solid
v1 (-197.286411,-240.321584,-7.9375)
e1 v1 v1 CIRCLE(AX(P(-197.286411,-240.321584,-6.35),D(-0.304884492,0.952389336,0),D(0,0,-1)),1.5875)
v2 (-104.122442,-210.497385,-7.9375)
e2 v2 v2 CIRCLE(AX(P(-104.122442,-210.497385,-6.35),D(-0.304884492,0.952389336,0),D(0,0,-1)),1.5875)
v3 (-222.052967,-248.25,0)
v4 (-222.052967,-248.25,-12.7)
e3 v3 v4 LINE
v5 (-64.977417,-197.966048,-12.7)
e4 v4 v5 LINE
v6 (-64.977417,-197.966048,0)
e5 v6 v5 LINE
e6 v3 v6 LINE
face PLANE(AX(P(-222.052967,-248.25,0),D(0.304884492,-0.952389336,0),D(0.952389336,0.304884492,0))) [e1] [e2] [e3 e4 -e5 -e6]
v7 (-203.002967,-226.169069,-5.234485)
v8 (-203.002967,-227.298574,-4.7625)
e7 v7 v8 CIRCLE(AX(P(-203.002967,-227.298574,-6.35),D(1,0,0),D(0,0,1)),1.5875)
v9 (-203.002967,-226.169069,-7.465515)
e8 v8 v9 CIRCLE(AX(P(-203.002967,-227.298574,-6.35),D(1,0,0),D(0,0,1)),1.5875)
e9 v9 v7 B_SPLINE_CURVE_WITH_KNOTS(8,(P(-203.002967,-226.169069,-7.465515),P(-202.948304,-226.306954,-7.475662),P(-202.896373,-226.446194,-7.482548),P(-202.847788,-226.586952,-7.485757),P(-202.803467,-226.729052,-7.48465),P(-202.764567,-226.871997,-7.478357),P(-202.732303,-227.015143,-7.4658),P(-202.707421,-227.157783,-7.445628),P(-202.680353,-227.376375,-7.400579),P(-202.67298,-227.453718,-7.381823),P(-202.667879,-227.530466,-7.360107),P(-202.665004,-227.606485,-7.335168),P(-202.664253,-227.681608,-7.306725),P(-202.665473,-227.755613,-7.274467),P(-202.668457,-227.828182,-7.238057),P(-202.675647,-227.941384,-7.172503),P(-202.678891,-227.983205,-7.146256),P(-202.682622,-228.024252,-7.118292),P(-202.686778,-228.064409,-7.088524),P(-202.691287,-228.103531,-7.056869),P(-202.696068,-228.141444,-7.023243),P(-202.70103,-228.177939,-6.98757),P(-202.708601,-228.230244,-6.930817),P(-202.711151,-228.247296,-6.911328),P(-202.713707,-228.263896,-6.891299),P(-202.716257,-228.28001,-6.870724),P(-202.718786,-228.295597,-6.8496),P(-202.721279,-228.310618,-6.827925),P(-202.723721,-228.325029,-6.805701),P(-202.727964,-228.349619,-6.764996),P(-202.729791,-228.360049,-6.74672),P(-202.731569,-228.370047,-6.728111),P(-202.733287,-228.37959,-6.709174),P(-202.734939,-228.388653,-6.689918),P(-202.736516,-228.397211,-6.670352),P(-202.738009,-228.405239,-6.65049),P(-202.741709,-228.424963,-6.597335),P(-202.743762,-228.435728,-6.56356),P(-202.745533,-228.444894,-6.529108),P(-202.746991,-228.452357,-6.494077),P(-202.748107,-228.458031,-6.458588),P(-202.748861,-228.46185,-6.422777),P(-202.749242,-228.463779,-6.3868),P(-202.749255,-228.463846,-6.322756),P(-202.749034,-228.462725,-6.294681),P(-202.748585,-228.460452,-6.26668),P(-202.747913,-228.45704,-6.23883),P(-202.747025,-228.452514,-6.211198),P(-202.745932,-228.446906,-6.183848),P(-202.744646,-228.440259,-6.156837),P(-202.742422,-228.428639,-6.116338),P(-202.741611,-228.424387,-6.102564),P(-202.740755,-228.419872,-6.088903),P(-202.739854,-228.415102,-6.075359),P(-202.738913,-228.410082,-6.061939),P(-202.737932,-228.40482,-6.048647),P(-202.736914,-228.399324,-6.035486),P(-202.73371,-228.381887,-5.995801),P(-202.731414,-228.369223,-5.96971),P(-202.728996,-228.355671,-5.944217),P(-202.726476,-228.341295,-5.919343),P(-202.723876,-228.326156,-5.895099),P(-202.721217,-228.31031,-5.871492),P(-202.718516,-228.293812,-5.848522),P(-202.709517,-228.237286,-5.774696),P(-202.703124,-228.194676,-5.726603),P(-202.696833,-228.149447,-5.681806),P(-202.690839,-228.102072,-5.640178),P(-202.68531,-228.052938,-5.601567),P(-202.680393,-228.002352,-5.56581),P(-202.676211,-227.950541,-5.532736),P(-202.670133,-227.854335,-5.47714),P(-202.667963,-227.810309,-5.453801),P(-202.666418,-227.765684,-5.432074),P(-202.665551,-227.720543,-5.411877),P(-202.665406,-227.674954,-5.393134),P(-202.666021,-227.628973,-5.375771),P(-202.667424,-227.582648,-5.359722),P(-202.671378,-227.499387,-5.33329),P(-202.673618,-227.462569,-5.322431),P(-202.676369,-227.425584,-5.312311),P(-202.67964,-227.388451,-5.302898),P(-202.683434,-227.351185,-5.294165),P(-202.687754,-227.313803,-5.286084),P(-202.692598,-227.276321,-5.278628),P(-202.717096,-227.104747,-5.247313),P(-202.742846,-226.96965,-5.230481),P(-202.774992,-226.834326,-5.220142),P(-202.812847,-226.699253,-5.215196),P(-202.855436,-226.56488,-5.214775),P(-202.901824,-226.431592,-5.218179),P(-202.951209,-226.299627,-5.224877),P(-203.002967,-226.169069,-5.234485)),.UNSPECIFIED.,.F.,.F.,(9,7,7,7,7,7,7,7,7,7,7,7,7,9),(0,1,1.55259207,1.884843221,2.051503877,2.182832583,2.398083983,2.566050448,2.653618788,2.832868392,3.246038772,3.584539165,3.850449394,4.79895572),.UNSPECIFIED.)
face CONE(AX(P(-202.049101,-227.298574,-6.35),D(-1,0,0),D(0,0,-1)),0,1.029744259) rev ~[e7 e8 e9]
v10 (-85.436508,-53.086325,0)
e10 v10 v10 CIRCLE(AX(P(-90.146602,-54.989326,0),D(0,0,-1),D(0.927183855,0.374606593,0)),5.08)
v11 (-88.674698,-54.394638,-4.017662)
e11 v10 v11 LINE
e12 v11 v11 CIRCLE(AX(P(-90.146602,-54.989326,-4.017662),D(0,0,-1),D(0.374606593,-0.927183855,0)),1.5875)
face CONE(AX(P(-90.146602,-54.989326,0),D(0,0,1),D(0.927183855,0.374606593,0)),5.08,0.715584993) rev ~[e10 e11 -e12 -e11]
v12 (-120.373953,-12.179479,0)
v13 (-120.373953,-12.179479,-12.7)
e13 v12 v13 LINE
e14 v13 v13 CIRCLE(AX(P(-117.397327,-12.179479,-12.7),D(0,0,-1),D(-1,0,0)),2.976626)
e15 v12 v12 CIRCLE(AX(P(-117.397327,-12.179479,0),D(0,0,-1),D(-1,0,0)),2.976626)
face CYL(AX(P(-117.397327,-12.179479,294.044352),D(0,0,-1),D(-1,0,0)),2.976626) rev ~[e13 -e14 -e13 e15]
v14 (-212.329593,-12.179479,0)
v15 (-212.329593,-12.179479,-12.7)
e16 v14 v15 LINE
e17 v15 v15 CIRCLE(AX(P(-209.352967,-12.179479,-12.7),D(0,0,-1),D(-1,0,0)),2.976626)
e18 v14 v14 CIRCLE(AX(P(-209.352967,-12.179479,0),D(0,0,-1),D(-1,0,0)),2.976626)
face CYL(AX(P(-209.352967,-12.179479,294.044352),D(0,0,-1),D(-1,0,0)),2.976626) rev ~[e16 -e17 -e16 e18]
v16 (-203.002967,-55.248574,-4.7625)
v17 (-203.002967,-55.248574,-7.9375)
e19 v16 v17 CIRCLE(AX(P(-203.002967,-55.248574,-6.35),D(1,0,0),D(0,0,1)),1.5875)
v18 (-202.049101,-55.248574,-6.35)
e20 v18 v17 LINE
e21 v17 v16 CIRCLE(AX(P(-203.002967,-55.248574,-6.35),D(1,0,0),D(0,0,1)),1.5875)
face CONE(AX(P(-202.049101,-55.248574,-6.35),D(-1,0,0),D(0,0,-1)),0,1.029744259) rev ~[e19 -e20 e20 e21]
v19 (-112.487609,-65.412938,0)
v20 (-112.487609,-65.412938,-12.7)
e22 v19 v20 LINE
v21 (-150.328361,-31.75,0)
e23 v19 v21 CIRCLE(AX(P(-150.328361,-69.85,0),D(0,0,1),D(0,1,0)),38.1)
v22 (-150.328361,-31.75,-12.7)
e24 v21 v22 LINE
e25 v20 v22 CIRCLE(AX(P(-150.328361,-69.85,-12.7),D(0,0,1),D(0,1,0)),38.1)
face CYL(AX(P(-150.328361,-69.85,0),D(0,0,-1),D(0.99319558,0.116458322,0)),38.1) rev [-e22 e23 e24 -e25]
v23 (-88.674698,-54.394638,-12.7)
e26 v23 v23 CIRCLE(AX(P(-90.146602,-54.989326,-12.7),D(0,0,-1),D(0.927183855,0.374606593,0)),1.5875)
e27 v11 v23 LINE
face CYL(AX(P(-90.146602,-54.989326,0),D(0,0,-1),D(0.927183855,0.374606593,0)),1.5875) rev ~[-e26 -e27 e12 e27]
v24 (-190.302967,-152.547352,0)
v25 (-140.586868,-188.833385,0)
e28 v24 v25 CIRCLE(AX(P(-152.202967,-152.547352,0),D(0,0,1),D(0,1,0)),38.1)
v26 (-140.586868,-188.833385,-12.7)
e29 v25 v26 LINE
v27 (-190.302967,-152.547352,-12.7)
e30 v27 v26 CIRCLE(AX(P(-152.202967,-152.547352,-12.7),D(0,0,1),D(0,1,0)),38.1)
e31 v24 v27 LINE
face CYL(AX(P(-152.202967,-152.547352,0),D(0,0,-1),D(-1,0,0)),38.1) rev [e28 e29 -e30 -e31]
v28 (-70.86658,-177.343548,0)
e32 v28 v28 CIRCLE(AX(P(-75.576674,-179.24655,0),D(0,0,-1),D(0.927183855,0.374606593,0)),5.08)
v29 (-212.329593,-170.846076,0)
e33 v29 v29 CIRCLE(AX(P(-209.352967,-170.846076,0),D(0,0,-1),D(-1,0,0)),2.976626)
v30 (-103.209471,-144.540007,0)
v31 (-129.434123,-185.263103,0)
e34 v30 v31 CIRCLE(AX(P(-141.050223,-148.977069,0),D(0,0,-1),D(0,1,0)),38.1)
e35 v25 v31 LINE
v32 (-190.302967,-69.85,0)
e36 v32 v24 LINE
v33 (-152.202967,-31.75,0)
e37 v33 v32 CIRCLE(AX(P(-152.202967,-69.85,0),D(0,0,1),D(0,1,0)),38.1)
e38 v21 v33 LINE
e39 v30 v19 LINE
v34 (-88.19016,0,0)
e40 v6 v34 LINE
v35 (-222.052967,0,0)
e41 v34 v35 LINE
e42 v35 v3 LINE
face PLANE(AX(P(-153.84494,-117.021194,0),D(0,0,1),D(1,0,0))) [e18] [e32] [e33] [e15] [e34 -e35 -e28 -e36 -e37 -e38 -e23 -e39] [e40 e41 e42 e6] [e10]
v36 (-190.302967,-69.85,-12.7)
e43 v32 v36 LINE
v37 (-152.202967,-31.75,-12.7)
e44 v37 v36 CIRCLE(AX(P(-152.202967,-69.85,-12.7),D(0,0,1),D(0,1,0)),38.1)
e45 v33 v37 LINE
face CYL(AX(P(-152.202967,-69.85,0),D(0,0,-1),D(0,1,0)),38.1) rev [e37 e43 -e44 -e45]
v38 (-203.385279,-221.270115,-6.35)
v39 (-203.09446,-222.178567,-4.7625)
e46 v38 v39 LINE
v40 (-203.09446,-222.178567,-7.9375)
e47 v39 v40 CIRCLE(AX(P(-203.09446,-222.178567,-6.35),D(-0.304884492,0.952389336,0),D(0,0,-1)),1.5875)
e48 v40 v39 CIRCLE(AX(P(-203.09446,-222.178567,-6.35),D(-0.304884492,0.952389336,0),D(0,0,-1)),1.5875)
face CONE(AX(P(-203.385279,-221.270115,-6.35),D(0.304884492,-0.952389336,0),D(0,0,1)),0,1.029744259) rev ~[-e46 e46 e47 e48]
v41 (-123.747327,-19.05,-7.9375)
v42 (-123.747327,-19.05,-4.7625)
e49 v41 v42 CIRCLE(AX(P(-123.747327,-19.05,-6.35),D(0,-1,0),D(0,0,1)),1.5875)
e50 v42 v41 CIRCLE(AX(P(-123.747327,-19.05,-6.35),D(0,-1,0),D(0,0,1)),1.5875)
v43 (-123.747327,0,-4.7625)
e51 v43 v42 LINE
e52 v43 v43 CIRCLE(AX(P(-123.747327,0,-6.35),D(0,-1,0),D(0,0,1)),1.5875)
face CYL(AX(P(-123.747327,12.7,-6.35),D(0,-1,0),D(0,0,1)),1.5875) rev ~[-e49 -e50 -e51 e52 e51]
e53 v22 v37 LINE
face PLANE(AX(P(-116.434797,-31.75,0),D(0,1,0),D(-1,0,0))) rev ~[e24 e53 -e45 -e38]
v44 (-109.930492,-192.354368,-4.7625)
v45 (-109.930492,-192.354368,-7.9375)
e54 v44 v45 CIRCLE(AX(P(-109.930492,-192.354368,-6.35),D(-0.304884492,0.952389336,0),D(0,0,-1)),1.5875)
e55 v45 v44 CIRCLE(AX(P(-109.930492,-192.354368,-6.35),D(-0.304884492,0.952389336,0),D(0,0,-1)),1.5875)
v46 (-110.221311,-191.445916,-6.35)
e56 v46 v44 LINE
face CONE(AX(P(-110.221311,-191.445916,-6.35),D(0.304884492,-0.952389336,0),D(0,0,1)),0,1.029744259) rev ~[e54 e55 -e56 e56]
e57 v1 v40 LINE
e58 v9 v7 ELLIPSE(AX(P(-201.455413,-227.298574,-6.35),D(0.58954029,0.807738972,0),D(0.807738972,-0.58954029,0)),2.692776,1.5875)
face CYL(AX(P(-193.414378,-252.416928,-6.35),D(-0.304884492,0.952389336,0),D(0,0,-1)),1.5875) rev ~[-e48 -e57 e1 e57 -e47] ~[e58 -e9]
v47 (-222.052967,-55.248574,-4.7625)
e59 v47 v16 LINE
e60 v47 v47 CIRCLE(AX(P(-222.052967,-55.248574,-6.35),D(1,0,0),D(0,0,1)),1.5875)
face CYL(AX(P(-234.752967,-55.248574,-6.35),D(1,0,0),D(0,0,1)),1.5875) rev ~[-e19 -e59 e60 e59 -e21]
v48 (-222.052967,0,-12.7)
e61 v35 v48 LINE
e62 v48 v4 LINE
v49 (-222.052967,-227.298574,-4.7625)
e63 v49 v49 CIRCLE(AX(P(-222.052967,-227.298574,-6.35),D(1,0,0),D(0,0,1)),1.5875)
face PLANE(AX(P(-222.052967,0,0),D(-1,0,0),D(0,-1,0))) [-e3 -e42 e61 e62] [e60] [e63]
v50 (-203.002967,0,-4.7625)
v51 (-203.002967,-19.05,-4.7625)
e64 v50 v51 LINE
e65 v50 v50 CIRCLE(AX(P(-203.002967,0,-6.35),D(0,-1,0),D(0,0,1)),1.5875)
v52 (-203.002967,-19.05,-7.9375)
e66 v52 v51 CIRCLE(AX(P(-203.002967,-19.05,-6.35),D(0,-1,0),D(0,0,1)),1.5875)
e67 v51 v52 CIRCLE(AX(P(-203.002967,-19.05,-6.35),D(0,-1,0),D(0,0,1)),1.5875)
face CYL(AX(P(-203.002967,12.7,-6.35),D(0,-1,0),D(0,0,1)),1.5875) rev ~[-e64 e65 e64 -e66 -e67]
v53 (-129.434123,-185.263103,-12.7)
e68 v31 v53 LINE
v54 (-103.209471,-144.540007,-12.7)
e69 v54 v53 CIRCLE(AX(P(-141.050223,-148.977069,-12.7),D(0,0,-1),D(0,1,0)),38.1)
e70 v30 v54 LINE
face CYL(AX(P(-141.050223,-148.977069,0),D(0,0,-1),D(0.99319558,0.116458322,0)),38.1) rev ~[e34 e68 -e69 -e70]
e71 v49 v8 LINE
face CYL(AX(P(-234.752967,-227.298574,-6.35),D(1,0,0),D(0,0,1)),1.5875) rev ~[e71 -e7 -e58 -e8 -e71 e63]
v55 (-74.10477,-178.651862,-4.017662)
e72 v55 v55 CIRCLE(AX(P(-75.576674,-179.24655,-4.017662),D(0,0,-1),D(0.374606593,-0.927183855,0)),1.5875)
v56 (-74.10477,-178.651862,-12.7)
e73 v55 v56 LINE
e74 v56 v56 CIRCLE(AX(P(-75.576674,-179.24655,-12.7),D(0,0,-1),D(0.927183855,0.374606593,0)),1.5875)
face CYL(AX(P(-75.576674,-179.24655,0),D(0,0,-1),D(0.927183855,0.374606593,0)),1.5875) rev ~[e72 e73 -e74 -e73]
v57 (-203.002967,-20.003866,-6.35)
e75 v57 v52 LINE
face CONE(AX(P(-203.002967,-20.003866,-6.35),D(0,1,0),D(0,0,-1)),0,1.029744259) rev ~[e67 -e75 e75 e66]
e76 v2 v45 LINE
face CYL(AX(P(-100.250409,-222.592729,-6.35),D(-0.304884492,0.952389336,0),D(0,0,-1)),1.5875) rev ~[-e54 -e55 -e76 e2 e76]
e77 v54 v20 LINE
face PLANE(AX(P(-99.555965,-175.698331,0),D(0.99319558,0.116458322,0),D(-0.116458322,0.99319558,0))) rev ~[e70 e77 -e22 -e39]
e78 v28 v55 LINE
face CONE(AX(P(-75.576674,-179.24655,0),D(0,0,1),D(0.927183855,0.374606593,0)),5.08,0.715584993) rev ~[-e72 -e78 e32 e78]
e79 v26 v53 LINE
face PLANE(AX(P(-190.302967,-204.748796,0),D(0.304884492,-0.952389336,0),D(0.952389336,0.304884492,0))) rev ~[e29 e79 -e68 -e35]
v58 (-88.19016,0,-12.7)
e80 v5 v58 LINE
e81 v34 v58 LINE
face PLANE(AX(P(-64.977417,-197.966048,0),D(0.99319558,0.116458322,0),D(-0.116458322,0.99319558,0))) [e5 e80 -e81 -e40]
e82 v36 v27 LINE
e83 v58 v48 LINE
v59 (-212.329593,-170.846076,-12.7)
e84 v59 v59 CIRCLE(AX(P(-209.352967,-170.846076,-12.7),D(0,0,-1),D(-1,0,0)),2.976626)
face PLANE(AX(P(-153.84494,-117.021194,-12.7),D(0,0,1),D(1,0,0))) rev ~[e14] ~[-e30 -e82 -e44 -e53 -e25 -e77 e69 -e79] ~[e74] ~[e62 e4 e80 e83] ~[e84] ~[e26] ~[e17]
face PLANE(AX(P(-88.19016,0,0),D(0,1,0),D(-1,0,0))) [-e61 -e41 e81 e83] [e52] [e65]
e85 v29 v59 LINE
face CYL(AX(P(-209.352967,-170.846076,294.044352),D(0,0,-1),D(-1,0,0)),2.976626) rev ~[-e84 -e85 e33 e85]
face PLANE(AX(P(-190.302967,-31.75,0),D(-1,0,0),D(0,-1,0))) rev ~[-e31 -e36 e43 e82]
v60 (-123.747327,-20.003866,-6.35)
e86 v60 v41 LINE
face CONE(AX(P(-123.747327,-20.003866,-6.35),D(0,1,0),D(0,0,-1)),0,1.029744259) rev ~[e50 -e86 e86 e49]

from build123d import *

# Parameters (mm, degrees)
BOSS_EXTRUDE1_DEPTH              = 12.7
HOLE3_D                          = 3.175
HOLE3_DEPTH                      = 31.75
HOLE3_CSINK_D                    = 10.16
HOLE3_CSINK_ANGLE                = 82
HOLE3_TIP                        = 0.953866233
HOLE6_D                          = 3.175
HOLE6_DEPTH                      = 38.1
HOLE6_CSINK_D                    = 10.16
HOLE6_CSINK_ANGLE                = 82
HOLE6_TIP                        = 0.953866233
HOLE7_D                          = 3.175
HOLE7_DEPTH                      = 31.75
HOLE7_CSINK_D                    = 10.16
HOLE7_CSINK_ANGLE                = 82
HOLE7_TIP                        = 0.953866233
HOLE8_D                          = 3.175
HOLE8_DEPTH                      = 31.75
HOLE8_CSINK_D                    = 10.16
HOLE8_CSINK_ANGLE                = 82
HOLE8_TIP                        = 0.953866233
F_15_64_0_23438_DIAMETER_HOLE1_D = 5.953252
F_15_64_0_23438_DIAMETER_HOLE2_D = 5.953252
CUT_EXTRUDE1_DEPTH               = 334.311975083
FILLET1_R                        = 38.1


with BuildPart() as part:
    # Sketch1 → Boss-Extrude1 (new body)
    with BuildSketch(Plane.XY):
        Polygon((-88.190159952, 0), (-222.052967181, 0), (-222.052967181, -248.25), (-64.977416983, -197.966048293), align=None)
    extrude(amount=-BOSS_EXTRUDE1_DEPTH)

    # Hole3
    with Locations(Plane(origin=(-234.752967181, 1073.364195846, -135.816741379), x_dir=(0, 0, -1), z_dir=(-1, 0, 0))):
        with Locations((-129.466741379, 1300.662770337), (-129.466741379, 1128.612770337), (129.198788767, 1128.612770337), (129.198788767, 1300.662770337)):
            CounterSinkHole(HOLE3_D / 2, HOLE3_CSINK_D / 2, depth=HOLE3_DEPTH, counter_sink_angle=HOLE3_CSINK_ANGLE)
            with Locations((0, 0, -(HOLE3_DEPTH + HOLE3_TIP / 2))):  # 118° drill point
                Cone(0, HOLE3_D / 2, HOLE3_TIP, mode=Mode.SUBTRACT)

    # Hole6
    with Locations(Plane(origin=(181.039434513, 1073.364195846, 0), x_dir=(-0.9271838545667885, -0.3746065934159093, 0), z_dir=(0, 0, 1))):
        with Locations((707.166557203, 1065.270372796), (674.127983646, 944.603090451)):
            CounterSinkHole(HOLE6_D / 2, HOLE6_CSINK_D / 2, depth=HOLE6_DEPTH, counter_sink_angle=HOLE6_CSINK_ANGLE)
            with Locations((0, 0, -(HOLE6_DEPTH + HOLE6_TIP / 2))):  # 118° drill point
                Cone(0, HOLE6_D / 2, HOLE6_TIP, mode=Mode.SUBTRACT)

    # Hole7
    with Locations(Plane(origin=(181.039434513, 12.7, -135.816741379), x_dir=(0, 0, -1), z_dir=(0, 1, 0))):
        with Locations((129.198788767, 384.042401694), (-129.466741379, 384.042401694), (-129.466741379, 304.786761906), (-110.416741379, 409.442401694), (-0.133976306, 409.442401694), (110.148788767, 409.442401694), (129.198788767, 304.786761906)):
            CounterSinkHole(HOLE7_D / 2, HOLE7_CSINK_D / 2, depth=HOLE7_DEPTH, counter_sink_angle=HOLE7_CSINK_ANGLE)
            with Locations((0, 0, -(HOLE7_DEPTH + HOLE7_TIP / 2))):  # 118° drill point
                Cone(0, HOLE7_D / 2, HOLE7_TIP, mode=Mode.SUBTRACT)

    # Hole8
    with Locations(Plane(origin=(531.197640696, -20.449854654, -135.816741379), x_dir=(0, 0, 1), z_dir=(0.3048844921716131, -0.9523893355310409, 0))):
        with Locations((-129.257383629, 761.035393152), (129.466741379, 663.01461615), (129.466741379, 760.835922116), (-129.408220012, 663.214203478)):
            CounterSinkHole(HOLE8_D / 2, HOLE8_CSINK_D / 2, depth=HOLE8_DEPTH, counter_sink_angle=HOLE8_CSINK_ANGLE)
            with Locations((0, 0, -(HOLE8_DEPTH + HOLE8_TIP / 2))):  # 118° drill point
                Cone(0, HOLE8_D / 2, HOLE8_TIP, mode=Mode.SUBTRACT)

    # 15/64 (0.23438) Diameter Hole1 (through all)
    with Locations(Plane.XY):
        with Locations((-117.397327374, -12.17947903), (-209.352967162, -12.179479032)):
            Hole(F_15_64_0_23438_DIAMETER_HOLE1_D / 2)

    # 15/64 (0.23438) Diameter Hole2 (through all)
    with Locations(Plane.XY):
        with Locations((-209.352967181, -170.846075828)):
            Hole(F_15_64_0_23438_DIAMETER_HOLE2_D / 2)

    # Sketch22 → Cut-Extrude1 (cut, through all)
    with BuildSketch(Plane.XY):
        Polygon((-99.555964999, -175.698330504), (-116.434796625, -31.75), (-190.302967181, -31.75), (-190.302967181, -204.748796153), align=None)
    extrude(amount=-CUT_EXTRUDE1_DEPTH, mode=Mode.SUBTRACT)

    # Fillet1
    fillet1_edges = [part.edges().sort_by_distance(p)[0] for p in [
        (-99.555964999, -175.698330504, -6.35),
        (-190.302967181, -204.748796153, -6.35),
        (-190.302967181, -31.75, -6.35),
        (-116.434796625, -31.75, -6.35),
    ]]
    fillet(fillet1_edges, radius=FILLET1_R)


solid = part.part
